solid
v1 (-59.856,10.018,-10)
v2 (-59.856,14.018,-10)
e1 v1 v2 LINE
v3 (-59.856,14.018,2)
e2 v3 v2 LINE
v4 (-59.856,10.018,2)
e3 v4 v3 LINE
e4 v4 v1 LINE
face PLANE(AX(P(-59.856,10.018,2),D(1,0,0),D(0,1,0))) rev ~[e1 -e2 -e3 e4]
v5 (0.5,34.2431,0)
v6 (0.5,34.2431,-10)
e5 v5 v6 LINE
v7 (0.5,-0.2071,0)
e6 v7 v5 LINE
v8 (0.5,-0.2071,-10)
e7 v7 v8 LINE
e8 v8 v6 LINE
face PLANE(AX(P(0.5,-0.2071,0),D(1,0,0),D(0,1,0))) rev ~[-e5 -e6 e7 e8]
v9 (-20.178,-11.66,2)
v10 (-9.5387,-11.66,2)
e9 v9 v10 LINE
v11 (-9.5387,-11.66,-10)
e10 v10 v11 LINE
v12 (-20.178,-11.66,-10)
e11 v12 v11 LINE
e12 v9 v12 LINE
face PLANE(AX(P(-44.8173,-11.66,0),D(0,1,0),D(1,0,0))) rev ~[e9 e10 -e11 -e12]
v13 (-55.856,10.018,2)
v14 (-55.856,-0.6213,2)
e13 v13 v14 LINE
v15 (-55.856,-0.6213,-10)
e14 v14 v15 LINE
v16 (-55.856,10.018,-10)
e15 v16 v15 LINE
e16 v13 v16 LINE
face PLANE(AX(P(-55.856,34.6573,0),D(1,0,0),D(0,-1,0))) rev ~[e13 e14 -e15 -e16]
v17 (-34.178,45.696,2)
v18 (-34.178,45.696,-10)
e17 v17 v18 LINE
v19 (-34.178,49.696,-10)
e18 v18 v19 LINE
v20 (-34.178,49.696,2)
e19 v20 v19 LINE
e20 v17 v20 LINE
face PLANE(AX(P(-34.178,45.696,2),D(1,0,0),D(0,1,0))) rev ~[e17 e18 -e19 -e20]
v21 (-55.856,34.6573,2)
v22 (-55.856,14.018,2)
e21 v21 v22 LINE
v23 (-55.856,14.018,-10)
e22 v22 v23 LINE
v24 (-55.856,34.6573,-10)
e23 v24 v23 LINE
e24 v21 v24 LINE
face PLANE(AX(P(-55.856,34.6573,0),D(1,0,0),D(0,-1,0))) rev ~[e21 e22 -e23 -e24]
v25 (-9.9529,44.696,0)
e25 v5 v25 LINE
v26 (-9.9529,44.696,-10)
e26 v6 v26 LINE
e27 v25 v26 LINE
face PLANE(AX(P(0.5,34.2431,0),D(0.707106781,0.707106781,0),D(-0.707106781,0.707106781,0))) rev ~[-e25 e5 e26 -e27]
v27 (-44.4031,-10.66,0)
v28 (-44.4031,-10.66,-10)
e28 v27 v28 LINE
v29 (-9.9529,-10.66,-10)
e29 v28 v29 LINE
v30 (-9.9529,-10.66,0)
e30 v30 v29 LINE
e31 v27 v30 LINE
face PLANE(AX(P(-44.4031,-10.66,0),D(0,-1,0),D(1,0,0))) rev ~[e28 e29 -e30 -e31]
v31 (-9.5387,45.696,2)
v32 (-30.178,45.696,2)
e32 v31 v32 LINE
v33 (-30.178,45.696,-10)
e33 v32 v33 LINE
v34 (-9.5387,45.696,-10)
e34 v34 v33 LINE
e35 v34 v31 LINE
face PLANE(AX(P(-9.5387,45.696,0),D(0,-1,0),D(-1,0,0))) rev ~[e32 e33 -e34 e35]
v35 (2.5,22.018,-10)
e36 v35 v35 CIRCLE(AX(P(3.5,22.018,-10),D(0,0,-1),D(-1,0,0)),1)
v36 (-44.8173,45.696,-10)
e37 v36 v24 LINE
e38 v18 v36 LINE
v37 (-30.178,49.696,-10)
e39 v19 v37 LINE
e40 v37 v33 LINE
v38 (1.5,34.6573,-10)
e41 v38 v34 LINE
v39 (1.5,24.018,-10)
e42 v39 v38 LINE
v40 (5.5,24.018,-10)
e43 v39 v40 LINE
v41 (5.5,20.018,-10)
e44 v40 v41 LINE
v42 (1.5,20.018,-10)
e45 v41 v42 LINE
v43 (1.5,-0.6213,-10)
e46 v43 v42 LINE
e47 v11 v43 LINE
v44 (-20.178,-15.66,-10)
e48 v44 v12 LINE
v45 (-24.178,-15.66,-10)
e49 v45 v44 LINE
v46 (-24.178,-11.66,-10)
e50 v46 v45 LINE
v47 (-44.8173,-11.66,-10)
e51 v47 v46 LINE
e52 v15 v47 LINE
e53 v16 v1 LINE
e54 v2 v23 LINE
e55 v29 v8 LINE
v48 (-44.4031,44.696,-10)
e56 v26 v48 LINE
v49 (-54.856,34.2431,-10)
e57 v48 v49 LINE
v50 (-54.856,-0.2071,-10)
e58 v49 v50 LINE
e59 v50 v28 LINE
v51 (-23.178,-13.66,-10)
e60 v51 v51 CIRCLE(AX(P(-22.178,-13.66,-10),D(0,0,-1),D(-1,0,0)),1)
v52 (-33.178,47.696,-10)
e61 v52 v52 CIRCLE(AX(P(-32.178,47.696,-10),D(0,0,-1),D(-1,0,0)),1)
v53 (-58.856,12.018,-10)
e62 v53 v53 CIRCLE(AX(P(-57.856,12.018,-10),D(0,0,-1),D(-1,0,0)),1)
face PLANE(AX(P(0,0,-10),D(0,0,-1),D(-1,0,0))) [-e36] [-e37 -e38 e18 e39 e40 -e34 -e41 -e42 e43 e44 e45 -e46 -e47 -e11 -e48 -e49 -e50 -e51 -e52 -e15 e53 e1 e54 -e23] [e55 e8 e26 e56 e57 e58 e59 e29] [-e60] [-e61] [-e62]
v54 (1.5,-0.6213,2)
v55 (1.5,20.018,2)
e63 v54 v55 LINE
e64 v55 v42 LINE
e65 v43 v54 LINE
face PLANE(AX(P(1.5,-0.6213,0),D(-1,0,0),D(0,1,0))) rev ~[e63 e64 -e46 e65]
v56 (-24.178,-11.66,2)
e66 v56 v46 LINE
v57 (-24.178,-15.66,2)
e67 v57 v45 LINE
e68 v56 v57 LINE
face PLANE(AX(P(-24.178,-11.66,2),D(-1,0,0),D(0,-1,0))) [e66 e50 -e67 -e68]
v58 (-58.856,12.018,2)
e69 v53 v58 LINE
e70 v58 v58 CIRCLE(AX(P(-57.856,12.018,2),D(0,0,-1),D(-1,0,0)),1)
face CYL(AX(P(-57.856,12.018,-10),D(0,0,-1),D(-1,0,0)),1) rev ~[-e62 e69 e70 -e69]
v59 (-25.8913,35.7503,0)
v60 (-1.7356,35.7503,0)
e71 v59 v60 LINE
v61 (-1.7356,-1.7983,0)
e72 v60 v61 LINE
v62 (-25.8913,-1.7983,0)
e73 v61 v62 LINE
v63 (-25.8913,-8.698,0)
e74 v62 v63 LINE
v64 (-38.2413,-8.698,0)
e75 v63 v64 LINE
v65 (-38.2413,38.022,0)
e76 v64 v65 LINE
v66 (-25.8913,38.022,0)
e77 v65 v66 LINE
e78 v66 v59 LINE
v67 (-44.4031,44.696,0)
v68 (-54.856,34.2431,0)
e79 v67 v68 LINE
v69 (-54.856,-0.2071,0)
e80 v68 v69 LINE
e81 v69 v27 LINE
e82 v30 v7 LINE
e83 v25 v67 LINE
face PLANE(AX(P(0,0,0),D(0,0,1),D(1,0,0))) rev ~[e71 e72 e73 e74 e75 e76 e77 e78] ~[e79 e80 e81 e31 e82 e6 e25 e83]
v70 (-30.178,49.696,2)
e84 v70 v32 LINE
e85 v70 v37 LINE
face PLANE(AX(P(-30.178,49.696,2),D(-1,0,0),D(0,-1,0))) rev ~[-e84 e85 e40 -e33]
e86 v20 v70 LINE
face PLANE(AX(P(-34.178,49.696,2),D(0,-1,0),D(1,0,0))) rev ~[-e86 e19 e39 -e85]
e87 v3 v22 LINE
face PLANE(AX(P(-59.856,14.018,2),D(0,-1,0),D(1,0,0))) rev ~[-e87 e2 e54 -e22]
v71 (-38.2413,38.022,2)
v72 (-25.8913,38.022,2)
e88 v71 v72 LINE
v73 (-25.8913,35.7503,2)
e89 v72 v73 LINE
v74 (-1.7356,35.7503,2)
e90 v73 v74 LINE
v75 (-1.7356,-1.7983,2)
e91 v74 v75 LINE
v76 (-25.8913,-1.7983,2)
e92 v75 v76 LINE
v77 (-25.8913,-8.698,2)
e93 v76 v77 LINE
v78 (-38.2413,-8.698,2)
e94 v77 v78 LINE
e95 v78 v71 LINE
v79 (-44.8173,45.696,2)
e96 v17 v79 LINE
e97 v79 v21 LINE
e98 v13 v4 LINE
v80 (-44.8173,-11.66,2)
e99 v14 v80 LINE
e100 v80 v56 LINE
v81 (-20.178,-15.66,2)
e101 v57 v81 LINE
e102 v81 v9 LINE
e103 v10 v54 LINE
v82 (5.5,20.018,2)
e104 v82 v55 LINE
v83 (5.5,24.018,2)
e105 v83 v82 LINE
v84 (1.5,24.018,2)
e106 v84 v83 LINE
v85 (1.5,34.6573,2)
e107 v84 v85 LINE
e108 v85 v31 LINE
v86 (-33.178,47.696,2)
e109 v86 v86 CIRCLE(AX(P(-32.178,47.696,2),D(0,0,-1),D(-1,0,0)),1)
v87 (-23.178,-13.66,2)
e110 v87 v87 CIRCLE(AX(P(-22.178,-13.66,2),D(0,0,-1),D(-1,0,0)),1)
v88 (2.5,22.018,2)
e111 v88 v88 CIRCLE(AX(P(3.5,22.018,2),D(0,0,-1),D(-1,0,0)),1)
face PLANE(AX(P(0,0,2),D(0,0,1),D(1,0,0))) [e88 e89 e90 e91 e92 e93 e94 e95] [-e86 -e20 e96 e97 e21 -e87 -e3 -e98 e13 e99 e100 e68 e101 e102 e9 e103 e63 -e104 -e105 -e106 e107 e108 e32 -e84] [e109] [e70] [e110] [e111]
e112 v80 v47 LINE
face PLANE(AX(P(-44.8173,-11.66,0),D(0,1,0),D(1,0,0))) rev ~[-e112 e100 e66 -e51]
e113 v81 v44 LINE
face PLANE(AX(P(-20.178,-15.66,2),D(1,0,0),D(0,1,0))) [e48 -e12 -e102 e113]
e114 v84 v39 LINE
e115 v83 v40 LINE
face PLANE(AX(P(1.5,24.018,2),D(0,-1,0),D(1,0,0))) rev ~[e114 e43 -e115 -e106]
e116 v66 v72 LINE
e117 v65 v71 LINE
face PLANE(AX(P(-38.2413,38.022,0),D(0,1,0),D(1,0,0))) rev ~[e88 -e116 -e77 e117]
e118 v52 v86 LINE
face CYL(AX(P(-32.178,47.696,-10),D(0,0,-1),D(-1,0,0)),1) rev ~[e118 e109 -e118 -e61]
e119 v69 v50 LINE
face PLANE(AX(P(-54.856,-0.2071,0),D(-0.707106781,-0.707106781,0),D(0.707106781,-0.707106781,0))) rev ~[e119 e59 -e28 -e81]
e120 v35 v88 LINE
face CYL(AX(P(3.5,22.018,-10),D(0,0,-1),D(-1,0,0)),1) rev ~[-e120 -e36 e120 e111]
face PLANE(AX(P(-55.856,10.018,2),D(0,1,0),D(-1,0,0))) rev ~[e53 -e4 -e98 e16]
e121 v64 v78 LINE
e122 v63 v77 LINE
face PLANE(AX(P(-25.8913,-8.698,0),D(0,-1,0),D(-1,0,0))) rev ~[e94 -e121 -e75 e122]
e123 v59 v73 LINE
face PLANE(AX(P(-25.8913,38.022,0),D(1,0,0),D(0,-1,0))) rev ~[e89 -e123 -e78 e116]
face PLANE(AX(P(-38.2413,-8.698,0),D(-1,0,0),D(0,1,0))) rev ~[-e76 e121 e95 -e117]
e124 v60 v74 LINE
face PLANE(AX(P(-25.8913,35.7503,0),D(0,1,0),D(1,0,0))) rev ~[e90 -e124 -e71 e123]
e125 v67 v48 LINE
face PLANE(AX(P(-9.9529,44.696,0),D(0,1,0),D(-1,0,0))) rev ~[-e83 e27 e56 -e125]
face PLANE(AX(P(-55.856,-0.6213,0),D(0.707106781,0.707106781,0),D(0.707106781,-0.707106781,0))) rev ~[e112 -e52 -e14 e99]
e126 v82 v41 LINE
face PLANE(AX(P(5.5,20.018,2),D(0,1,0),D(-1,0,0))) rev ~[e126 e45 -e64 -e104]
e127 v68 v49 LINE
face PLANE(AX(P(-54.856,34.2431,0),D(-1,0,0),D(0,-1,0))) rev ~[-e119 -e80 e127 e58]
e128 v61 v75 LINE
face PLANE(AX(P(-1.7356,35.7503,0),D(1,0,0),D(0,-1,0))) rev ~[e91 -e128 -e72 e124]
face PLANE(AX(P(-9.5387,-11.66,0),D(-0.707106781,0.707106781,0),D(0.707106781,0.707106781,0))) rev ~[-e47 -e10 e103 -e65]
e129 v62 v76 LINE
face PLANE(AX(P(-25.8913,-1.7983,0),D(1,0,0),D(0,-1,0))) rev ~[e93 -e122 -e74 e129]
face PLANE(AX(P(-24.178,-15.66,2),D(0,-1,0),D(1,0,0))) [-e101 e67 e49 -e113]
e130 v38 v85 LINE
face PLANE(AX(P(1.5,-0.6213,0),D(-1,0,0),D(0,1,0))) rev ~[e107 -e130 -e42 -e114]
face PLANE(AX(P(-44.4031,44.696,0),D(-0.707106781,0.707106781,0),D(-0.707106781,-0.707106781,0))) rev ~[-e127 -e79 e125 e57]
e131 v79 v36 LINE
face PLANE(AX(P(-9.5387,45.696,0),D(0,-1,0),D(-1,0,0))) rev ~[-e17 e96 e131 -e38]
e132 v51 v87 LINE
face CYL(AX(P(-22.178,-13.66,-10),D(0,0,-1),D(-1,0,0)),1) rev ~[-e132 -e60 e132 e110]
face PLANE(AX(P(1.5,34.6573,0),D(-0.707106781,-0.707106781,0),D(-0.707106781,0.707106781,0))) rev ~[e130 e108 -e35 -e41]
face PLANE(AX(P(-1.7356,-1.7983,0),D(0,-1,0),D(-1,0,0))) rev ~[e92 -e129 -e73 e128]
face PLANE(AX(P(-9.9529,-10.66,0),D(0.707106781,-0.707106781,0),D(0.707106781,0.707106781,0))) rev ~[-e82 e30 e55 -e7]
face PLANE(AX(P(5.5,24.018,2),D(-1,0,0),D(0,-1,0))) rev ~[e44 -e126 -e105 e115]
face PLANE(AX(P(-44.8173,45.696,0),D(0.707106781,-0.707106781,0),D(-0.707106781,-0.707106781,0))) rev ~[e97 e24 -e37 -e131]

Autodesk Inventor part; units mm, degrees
ref_plane "YZ Plane" through (0, 0, 0) normal (1, 0, 0) x (0, 1, 0)
ref_plane "XZ Plane" through (0, 0, 0) normal (0, 1, 0) x (-1, 0, 0)
ref_plane "XY Plane" through (0, 0, 0) normal (0, 0, 1) x (1, 0, 0)
sketch "Эскиз1" plane through (0, 0, 0) normal (0, 0, 1) x (1, 0, 0)
  line L0 (0, 34.036) -> (-10.16, 44.196) construction
  line L1 (0, 0) -> (0, 34.036) construction
  line L2 (-10.16, -10.16) -> (0, 0) construction
  line L3 (-44.196, -10.16) -> (-10.16, -10.16) construction
  line L4 (-54.356, 0) -> (-44.196, -10.16) construction
  line L5 (-54.356, 34.036) -> (-54.356, 0) construction
  line L6 (-44.196, 44.196) -> (-54.356, 34.036) construction
  line L7 (-10.16, 44.196) -> (-44.196, 44.196) construction
  line L8 (1.5, -0.6213) -> (1.5, 34.6573)
  line L9 (1.5, 34.6573) -> (-9.5387, 45.696)
  line L10 (-9.5387, 45.696) -> (-44.8173, 45.696)
  line L11 (-44.8173, 45.696) -> (-55.856, 34.6573)
  line L12 (-55.856, 34.6573) -> (-55.856, -0.6213)
  line L13 (-55.856, -0.6213) -> (-44.8173, -11.66)
  line L14 (-44.8173, -11.66) -> (-9.5387, -11.66)
  line L15 (-9.5387, -11.66) -> (1.5, -0.6213)
  line L16 (-2.7356, -0.7983) -> (-25.2842, -0.7983) construction
  line L17 (-2.7356, 34.7503) -> (-2.7356, -0.7983) construction
  line L18 (-25.2842, 34.7503) -> (-2.7356, 34.7503) construction
  line L19 (-25.2842, -0.7983) -> (-25.2842, 34.7503) construction
  line L20 (-35.7877, 37.522) -> (-26.3913, 37.522) construction
  line L21 (-35.7877, -8.198) -> (-26.3913, -8.198) construction
  line L22 (-26.3913, -0.578) -> (-26.3913, -5.658) construction
  line L23 (-37.7413, -0.578) -> (-37.7413, -5.658) construction
  line L24 (-1.7356, -1.7983) -> (-26.2842, -1.7983)
  line L25 (-26.2842, -1.7983) -> (-26.2842, 35.7503)
  line L26 (-26.2842, 35.7503) -> (-1.7356, 35.7503)
  line L27 (-1.7356, 35.7503) -> (-1.7356, -1.7983)
  line L28 (-26.3913, 37.522) -> (-37.7413, 37.522) construction
  line L29 (-37.7413, 37.522) -> (-37.7413, -8.198) construction
  line L30 (-37.7413, -8.198) -> (-26.3913, -8.198) construction
  line L31 (-26.3913, -8.198) -> (-26.3913, 37.522) construction
  line L32 (-38.2413, 38.022) -> (-25.8913, 38.022)
  line L33 (-25.8913, 38.022) -> (-25.8913, -8.698)
  line L34 (-25.8913, -8.698) -> (-38.2413, -8.698)
  line L35 (-38.2413, -8.698) -> (-38.2413, 38.022)
  point P0 (-25.8913, -1.7983)
  point P1 (-25.8913, 35.7503)
  dimension "d0" = 1.5
  dimension "d1" = 1
  dimension "d2" = 0.5
extrude "Выдавливание1" add sketch "Эскиз1" along normal blind 2
sketch "Эскиз2" plane through (0, 0, 0) normal (0, 0, -1) x (-1, 0, 0)
  line L0 (-1.5, 34.6573) -> (9.5387, 45.696) construction
  line L1 (-1.5, -0.6213) -> (-1.5, 34.6573) construction
  line L2 (9.5387, -11.66) -> (-1.5, -0.6213) construction
  line L3 (44.8173, -11.66) -> (9.5387, -11.66) construction
  line L4 (55.856, -0.6213) -> (44.8173, -11.66) construction
  line L5 (55.856, 34.6573) -> (55.856, -0.6213) construction
  line L6 (44.8173, 45.696) -> (55.856, 34.6573) construction
  line L7 (9.5387, 45.696) -> (44.8173, 45.696) construction
  line L8 (1.7356, 35.7503) -> (1.7356, -1.7983) construction
  line L9 (25.8913, 35.7503) -> (1.7356, 35.7503) construction
  line L10 (25.8913, 38.022) -> (25.8913, 35.7503) construction
  line L11 (38.2413, 38.022) -> (25.8913, 38.022) construction
  line L12 (38.2413, -8.698) -> (38.2413, 38.022) construction
  line L13 (25.8913, -8.698) -> (38.2413, -8.698) construction
  line L14 (25.8913, -1.7983) -> (25.8913, -8.698) construction
  line L15 (1.7356, -1.7983) -> (25.8913, -1.7983) construction
  line L16 (-0.5, 34.2431) -> (9.9529, 44.696)
  line L17 (9.9529, 44.696) -> (44.4031, 44.696)
  line L18 (44.4031, 44.696) -> (54.856, 34.2431)
  line L19 (54.856, 34.2431) -> (54.856, -0.2071)
  line L20 (54.856, -0.2071) -> (44.4031, -10.66)
  line L21 (44.4031, -10.66) -> (9.9529, -10.66)
  line L22 (9.9529, -10.66) -> (-0.5, -0.2071)
  line L23 (-0.5, -0.2071) -> (-0.5, 34.2431)
  line L24 (-1.5, 34.6573) -> (9.5387, 45.696)
  line L25 (9.5387, 45.696) -> (44.8173, 45.696)
  line L26 (44.8173, 45.696) -> (55.856, 34.6573)
  line L27 (55.856, 34.6573) -> (55.856, -0.6213)
  line L28 (55.856, -0.6213) -> (44.8173, -11.66)
  line L29 (44.8173, -11.66) -> (9.5387, -11.66)
  line L30 (9.5387, -11.66) -> (-1.5, -0.6213)
  line L31 (-1.5, -0.6213) -> (-1.5, 34.6573)
  point P0 (0, 0)
  dimension "d0" = 1.5
  dimension "d5" = 1
  dimension "d6" = 1
extrude "Выдавливание2" add sketch "Эскиз2" along normal blind 10
sketch "Эскиз3" plane through (0, 0, 2) normal (0, 0, 1) x (1, 0, 0)
  line L0 (-44.8173, -11.66) -> (-9.5387, -11.66) construction
  line L1 (-9.5387, 45.696) -> (-44.8173, 45.696) construction
  line L2 (-55.856, 34.6573) -> (-55.856, -0.6213) construction
  line L3 (1.5, -0.6213) -> (1.5, 34.6573) construction
  line L4 (-20.178, -11.66) -> (-24.178, -11.66)
  line L5 (-24.178, -11.66) -> (-24.178, -15.66)
  line L6 (-24.178, -15.66) -> (-20.178, -15.66)
  line L7 (-20.178, -15.66) -> (-20.178, -11.66)
  line L8 (-30.178, 45.696) -> (-34.178, 45.696)
  line L9 (-34.178, 45.696) -> (-34.178, 49.696)
  line L10 (-34.178, 49.696) -> (-30.178, 49.696)
  line L11 (-30.178, 49.696) -> (-30.178, 45.696)
  line L12 (1.5, 24.018) -> (5.5, 24.018)
  line L13 (5.5, 24.018) -> (5.5, 20.018)
  line L14 (5.5, 20.018) -> (1.5, 20.018)
  line L15 (1.5, 20.018) -> (1.5, 24.018)
  line L16 (-55.856, 10.018) -> (-59.856, 10.018)
  line L17 (-59.856, 10.018) -> (-59.856, 14.018)
  line L18 (-59.856, 14.018) -> (-55.856, 14.018)
  line L19 (-55.856, 14.018) -> (-55.856, 10.018)
  point P0 (0, 0)
  point P1 (-27.178, -11.66)
  point P2 (1.5, 17.018)
  point P3 (-55.856, 17.018)
  point P4 (-27.178, 45.696)
  dimension "d9" = 4
  dimension "d10" = 4
  dimension "d11" = 3
  dimension "d12" = 4
  dimension "d13" = 4
  dimension "d14" = 4
  dimension "d15" = 4
  dimension "d16" = 4
  dimension "d17" = 4
  dimension "d18" = 3
  dimension "d19" = 3
  dimension "d20" = 3
extrude "Выдавливание3" add sketch "Эскиз3" against normal up to surface (12 mm away)
sketch "Эскиз4" plane through (0, 0, -10) normal (0, 0, -1) x (-1, 0, 0)
  circle A0 centre (-3.5, 22.018) radius 1.5 construction
  circle A1 centre (32.178, 47.696) radius 1.5 construction
  circle A2 centre (57.856, 12.018) radius 1.5 construction
  circle A3 centre (22.178, -13.66) radius 1.5 construction
  circle A4 centre (22.178, -13.66) radius 1
  circle A5 centre (57.856, 12.018) radius 1
  circle A6 centre (32.178, 47.696) radius 1
  circle A7 centre (-3.5, 22.018) radius 1
  point P0 (0, 0)
  dimension "d23" = 2
  dimension "d24" = 2
  dimension "d25" = 2
  dimension "d27" = 2
extrude "Выдавливание4" cut sketch "Эскиз4" against normal through all
properties part number "Низ"
